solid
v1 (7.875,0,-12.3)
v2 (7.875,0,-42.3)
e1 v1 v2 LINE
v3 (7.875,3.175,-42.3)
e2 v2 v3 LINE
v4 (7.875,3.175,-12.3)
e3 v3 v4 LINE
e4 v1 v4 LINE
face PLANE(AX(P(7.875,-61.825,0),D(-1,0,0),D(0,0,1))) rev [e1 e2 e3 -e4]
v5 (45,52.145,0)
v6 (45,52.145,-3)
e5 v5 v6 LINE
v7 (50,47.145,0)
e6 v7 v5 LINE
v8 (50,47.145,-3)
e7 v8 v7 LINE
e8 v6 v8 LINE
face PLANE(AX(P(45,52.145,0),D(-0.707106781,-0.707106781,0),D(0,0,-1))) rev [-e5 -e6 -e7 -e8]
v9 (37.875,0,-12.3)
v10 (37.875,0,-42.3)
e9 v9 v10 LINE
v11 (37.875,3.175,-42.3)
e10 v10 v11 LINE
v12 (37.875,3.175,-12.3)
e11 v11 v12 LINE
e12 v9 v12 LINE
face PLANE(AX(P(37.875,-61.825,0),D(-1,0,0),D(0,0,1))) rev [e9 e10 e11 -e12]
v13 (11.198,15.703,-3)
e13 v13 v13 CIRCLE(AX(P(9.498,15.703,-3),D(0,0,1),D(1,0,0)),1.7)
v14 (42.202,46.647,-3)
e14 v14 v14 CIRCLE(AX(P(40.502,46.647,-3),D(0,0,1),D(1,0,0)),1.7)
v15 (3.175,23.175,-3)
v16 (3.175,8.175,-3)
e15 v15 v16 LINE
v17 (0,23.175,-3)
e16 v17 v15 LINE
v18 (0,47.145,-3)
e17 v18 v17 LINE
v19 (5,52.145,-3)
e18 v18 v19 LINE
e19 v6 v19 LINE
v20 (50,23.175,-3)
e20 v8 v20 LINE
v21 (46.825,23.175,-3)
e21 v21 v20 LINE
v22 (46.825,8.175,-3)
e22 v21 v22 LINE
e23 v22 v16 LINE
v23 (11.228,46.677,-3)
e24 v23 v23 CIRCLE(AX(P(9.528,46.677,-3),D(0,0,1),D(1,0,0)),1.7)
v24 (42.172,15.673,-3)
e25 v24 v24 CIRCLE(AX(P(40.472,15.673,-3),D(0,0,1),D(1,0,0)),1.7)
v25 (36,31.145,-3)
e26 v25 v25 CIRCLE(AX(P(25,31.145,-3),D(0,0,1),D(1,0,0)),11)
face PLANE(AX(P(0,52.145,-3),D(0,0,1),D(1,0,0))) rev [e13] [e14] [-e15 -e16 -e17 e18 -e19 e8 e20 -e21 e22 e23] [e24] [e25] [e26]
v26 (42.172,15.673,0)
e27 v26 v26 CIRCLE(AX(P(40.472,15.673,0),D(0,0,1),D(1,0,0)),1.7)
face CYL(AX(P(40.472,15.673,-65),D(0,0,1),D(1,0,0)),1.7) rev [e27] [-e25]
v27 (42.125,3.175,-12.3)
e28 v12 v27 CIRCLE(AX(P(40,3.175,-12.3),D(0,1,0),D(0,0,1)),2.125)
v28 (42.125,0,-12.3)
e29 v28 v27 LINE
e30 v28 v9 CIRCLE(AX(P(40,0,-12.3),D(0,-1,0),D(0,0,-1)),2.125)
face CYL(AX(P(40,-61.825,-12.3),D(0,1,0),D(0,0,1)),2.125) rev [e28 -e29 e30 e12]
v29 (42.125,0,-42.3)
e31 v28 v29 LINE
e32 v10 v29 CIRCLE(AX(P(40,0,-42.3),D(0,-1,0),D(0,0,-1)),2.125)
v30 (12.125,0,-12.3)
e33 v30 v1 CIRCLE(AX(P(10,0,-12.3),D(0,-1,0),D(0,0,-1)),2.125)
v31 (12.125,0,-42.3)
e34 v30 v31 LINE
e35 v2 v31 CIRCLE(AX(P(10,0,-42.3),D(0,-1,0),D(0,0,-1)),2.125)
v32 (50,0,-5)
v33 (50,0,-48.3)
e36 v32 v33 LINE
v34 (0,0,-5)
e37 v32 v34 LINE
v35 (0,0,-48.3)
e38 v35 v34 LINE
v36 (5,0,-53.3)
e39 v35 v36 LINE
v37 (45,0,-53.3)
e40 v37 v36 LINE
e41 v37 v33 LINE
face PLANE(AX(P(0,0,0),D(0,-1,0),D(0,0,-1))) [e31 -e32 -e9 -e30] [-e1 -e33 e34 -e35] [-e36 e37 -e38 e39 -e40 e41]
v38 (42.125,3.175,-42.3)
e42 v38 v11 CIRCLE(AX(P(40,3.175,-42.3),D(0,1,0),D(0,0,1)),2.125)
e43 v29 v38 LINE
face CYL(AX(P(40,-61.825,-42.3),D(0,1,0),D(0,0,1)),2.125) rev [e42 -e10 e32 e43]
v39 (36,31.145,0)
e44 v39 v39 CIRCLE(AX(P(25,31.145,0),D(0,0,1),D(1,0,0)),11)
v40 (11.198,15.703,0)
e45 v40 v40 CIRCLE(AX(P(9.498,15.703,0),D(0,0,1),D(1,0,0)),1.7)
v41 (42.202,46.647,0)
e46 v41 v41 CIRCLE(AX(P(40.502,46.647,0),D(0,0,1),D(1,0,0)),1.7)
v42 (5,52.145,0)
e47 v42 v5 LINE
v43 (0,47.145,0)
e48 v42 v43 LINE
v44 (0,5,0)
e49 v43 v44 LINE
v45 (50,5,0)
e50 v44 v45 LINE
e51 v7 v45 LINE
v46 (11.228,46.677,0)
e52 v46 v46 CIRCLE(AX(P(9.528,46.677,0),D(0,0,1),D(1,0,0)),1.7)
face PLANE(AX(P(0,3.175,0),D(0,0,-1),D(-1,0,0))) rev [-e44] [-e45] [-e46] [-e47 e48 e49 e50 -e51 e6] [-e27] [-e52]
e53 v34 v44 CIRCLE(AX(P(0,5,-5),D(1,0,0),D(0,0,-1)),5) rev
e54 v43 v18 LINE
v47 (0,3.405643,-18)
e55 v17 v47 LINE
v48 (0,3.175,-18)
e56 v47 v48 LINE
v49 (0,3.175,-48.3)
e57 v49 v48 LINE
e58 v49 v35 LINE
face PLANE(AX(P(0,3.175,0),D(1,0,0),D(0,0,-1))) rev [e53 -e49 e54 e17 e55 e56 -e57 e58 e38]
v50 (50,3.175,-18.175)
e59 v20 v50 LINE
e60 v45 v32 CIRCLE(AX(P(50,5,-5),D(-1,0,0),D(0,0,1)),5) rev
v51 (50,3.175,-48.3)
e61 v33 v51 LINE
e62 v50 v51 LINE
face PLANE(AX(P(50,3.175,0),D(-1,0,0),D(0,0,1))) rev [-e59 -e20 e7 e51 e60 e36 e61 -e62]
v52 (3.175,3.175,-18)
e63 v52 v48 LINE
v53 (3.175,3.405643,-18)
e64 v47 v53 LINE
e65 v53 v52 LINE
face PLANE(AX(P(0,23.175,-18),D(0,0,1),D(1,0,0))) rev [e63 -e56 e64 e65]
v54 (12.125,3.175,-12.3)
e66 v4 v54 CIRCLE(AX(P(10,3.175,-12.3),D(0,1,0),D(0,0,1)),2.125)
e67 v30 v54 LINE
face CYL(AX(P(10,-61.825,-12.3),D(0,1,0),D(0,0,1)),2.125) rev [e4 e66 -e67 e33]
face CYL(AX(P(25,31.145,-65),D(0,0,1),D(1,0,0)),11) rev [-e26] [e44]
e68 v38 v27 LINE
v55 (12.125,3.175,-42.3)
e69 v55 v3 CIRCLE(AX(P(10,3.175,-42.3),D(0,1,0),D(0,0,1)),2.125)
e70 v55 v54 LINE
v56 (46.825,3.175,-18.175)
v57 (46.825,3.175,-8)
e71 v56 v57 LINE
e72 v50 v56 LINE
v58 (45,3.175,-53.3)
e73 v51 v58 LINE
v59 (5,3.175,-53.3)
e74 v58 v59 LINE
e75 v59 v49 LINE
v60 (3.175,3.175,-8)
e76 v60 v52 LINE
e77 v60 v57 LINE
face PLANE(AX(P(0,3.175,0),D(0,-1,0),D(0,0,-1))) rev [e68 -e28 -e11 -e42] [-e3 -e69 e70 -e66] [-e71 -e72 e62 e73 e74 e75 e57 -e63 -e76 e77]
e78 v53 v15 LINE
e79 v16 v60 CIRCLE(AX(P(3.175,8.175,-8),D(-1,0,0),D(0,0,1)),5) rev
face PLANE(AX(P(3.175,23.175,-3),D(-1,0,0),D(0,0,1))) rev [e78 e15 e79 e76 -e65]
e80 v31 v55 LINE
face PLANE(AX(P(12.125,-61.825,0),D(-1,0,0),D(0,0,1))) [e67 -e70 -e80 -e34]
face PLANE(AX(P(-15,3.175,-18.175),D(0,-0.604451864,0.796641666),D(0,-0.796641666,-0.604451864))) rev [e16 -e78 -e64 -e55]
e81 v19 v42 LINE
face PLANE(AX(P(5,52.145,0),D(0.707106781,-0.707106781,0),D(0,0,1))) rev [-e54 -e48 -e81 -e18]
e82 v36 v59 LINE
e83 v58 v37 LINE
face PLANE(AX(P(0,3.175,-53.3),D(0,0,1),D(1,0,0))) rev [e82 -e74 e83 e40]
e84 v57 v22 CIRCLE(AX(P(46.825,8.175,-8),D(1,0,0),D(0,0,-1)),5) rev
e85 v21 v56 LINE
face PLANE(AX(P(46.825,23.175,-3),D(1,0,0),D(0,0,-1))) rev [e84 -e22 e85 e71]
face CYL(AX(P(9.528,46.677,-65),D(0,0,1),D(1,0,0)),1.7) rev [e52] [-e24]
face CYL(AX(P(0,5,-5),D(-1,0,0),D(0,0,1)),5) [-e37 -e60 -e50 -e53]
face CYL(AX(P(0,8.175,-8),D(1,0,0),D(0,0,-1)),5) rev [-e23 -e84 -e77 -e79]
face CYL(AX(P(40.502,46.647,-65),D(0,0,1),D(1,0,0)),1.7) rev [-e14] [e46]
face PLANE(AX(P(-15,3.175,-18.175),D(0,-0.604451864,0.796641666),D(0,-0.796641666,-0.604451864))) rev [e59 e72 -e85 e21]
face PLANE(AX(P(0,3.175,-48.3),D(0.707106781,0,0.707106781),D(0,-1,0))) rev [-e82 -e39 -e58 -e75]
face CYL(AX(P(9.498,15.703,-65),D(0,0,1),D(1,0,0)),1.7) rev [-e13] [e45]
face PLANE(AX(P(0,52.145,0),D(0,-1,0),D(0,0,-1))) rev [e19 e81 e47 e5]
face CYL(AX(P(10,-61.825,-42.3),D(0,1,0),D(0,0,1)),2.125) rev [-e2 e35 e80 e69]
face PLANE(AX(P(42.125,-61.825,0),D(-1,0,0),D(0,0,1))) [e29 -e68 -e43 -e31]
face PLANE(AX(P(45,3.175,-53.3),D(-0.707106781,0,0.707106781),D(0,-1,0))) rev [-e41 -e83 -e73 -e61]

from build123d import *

# Parameters (mm, degrees)
SKETCH1_W           = 50
SKETCH1_H           = 53.3
BOSS_EXTRUDE1_DEPTH = 3.175
SKETCH2_W           = 50
SKETCH2_H           = 3
BOSS_EXTRUDE2_DEPTH = 48.97
SKETCH3_W           = 3.175
SKETCH3_H           = 15
SKETCH3_H_2         = 15.175
BOSS_EXTRUDE3_DEPTH = 20
CUT_EXTRUDE1_DEPTH  = 65
SKETCH5_R           = 11
SKETCH5_R_2         = 1.7
CUT_EXTRUDE2_DEPTH  = 65
CUT_EXTRUDE3_DEPTH  = 65
CHAMFER1_SIZE       = 5
FILLET1_R           = 5


with BuildPart() as part:
    # Sketch1 → Boss-Extrude1 (new body)
    with BuildSketch(Plane(origin=(0, 0, 0), x_dir=(1, 0, 0), z_dir=(0, 1, 0))):
        with Locations((25, 26.65)):
            Rectangle(SKETCH1_W, SKETCH1_H)
    extrude(amount=BOSS_EXTRUDE1_DEPTH)

    # Sketch2 → Boss-Extrude2 (add)
    with BuildSketch(Plane(origin=(0, 3.175, 0), x_dir=(1, 0, 0), z_dir=(0, 1, 0))):
        with Locations((25, 1.5)):
            Rectangle(SKETCH2_W, SKETCH2_H)
    extrude(amount=BOSS_EXTRUDE2_DEPTH)

    # Sketch3 → Boss-Extrude3 (add)
    with BuildSketch(Plane(origin=(0, 3.175, 0), x_dir=(1, 0, 0), z_dir=(0, 1, 0))):
        with Locations((1.5875, 10.5)):
            Rectangle(SKETCH3_W, SKETCH3_H)
        with Locations((48.4125, 10.5875)):
            Rectangle(SKETCH3_W, SKETCH3_H_2)
    extrude(amount=BOSS_EXTRUDE3_DEPTH)

    # Sketch4 → Cut-Extrude1 (cut)
    with BuildSketch(Plane(origin=(50, 0, 0), x_dir=(0, 0, -1), z_dir=(1, 0, 0))):
        Polygon((18.175, 3.175), (3, 23.175), (18.175, 23.175), align=None)
    extrude(amount=-CUT_EXTRUDE1_DEPTH, mode=Mode.SUBTRACT)

    # Sketch5 → Cut-Extrude2 (cut)
    with BuildSketch(Plane.XY):
        with Locations((25, 31.145)):
            Circle(SKETCH5_R)
        with Locations((40.502, 46.647)):
            Circle(SKETCH5_R_2)
        with Locations((9.528, 46.677)):
            Circle(SKETCH5_R_2)
        with Locations((9.498, 15.703)):
            Circle(SKETCH5_R_2)
        with Locations((40.472, 15.673)):
            Circle(SKETCH5_R_2)
    extrude(amount=-CUT_EXTRUDE2_DEPTH, mode=Mode.SUBTRACT)

    # Sketch6 → Cut-Extrude3 (cut)
    with BuildSketch(Plane(origin=(0, 3.175, 0), x_dir=(1, 0, 0), z_dir=(0, 1, 0))):
        with BuildLine():
            ThreePointArc((42.125, 42.3), (40, 44.425), (37.875, 42.3))
            Line((37.875, 42.3), (37.875, 12.3))
            ThreePointArc((37.875, 12.3), (40, 10.175), (42.125, 12.3))
            Line((42.125, 12.3), (42.125, 42.3))
        make_face()
        with BuildLine():
            Line((7.875, 42.3), (7.875, 12.3))
            ThreePointArc((7.875, 12.3), (10, 10.175), (12.125, 12.3))
            Line((12.125, 12.3), (12.125, 42.3))
            ThreePointArc((12.125, 42.3), (10, 44.425), (7.875, 42.3))
        make_face()
    extrude(amount=-CUT_EXTRUDE3_DEPTH, mode=Mode.SUBTRACT)

    # Chamfer1
    chamfer1_edges = [part.edges().sort_by_distance(p)[0] for p in [
        (0, 1.5875, -53.3),
        (50, 1.5875, -53.3),
        (0, 52.145, -1.5),
        (50, 52.145, -1.5),
    ]]
    chamfer(chamfer1_edges, length=CHAMFER1_SIZE)

    # Fillet1
    fillet1_edges = [part.edges().sort_by_distance(p)[0] for p in [
        (25, 3.175, -3),
        (25, 0, 0),
    ]]
    fillet(fillet1_edges, radius=FILLET1_R)


solid = part.part
